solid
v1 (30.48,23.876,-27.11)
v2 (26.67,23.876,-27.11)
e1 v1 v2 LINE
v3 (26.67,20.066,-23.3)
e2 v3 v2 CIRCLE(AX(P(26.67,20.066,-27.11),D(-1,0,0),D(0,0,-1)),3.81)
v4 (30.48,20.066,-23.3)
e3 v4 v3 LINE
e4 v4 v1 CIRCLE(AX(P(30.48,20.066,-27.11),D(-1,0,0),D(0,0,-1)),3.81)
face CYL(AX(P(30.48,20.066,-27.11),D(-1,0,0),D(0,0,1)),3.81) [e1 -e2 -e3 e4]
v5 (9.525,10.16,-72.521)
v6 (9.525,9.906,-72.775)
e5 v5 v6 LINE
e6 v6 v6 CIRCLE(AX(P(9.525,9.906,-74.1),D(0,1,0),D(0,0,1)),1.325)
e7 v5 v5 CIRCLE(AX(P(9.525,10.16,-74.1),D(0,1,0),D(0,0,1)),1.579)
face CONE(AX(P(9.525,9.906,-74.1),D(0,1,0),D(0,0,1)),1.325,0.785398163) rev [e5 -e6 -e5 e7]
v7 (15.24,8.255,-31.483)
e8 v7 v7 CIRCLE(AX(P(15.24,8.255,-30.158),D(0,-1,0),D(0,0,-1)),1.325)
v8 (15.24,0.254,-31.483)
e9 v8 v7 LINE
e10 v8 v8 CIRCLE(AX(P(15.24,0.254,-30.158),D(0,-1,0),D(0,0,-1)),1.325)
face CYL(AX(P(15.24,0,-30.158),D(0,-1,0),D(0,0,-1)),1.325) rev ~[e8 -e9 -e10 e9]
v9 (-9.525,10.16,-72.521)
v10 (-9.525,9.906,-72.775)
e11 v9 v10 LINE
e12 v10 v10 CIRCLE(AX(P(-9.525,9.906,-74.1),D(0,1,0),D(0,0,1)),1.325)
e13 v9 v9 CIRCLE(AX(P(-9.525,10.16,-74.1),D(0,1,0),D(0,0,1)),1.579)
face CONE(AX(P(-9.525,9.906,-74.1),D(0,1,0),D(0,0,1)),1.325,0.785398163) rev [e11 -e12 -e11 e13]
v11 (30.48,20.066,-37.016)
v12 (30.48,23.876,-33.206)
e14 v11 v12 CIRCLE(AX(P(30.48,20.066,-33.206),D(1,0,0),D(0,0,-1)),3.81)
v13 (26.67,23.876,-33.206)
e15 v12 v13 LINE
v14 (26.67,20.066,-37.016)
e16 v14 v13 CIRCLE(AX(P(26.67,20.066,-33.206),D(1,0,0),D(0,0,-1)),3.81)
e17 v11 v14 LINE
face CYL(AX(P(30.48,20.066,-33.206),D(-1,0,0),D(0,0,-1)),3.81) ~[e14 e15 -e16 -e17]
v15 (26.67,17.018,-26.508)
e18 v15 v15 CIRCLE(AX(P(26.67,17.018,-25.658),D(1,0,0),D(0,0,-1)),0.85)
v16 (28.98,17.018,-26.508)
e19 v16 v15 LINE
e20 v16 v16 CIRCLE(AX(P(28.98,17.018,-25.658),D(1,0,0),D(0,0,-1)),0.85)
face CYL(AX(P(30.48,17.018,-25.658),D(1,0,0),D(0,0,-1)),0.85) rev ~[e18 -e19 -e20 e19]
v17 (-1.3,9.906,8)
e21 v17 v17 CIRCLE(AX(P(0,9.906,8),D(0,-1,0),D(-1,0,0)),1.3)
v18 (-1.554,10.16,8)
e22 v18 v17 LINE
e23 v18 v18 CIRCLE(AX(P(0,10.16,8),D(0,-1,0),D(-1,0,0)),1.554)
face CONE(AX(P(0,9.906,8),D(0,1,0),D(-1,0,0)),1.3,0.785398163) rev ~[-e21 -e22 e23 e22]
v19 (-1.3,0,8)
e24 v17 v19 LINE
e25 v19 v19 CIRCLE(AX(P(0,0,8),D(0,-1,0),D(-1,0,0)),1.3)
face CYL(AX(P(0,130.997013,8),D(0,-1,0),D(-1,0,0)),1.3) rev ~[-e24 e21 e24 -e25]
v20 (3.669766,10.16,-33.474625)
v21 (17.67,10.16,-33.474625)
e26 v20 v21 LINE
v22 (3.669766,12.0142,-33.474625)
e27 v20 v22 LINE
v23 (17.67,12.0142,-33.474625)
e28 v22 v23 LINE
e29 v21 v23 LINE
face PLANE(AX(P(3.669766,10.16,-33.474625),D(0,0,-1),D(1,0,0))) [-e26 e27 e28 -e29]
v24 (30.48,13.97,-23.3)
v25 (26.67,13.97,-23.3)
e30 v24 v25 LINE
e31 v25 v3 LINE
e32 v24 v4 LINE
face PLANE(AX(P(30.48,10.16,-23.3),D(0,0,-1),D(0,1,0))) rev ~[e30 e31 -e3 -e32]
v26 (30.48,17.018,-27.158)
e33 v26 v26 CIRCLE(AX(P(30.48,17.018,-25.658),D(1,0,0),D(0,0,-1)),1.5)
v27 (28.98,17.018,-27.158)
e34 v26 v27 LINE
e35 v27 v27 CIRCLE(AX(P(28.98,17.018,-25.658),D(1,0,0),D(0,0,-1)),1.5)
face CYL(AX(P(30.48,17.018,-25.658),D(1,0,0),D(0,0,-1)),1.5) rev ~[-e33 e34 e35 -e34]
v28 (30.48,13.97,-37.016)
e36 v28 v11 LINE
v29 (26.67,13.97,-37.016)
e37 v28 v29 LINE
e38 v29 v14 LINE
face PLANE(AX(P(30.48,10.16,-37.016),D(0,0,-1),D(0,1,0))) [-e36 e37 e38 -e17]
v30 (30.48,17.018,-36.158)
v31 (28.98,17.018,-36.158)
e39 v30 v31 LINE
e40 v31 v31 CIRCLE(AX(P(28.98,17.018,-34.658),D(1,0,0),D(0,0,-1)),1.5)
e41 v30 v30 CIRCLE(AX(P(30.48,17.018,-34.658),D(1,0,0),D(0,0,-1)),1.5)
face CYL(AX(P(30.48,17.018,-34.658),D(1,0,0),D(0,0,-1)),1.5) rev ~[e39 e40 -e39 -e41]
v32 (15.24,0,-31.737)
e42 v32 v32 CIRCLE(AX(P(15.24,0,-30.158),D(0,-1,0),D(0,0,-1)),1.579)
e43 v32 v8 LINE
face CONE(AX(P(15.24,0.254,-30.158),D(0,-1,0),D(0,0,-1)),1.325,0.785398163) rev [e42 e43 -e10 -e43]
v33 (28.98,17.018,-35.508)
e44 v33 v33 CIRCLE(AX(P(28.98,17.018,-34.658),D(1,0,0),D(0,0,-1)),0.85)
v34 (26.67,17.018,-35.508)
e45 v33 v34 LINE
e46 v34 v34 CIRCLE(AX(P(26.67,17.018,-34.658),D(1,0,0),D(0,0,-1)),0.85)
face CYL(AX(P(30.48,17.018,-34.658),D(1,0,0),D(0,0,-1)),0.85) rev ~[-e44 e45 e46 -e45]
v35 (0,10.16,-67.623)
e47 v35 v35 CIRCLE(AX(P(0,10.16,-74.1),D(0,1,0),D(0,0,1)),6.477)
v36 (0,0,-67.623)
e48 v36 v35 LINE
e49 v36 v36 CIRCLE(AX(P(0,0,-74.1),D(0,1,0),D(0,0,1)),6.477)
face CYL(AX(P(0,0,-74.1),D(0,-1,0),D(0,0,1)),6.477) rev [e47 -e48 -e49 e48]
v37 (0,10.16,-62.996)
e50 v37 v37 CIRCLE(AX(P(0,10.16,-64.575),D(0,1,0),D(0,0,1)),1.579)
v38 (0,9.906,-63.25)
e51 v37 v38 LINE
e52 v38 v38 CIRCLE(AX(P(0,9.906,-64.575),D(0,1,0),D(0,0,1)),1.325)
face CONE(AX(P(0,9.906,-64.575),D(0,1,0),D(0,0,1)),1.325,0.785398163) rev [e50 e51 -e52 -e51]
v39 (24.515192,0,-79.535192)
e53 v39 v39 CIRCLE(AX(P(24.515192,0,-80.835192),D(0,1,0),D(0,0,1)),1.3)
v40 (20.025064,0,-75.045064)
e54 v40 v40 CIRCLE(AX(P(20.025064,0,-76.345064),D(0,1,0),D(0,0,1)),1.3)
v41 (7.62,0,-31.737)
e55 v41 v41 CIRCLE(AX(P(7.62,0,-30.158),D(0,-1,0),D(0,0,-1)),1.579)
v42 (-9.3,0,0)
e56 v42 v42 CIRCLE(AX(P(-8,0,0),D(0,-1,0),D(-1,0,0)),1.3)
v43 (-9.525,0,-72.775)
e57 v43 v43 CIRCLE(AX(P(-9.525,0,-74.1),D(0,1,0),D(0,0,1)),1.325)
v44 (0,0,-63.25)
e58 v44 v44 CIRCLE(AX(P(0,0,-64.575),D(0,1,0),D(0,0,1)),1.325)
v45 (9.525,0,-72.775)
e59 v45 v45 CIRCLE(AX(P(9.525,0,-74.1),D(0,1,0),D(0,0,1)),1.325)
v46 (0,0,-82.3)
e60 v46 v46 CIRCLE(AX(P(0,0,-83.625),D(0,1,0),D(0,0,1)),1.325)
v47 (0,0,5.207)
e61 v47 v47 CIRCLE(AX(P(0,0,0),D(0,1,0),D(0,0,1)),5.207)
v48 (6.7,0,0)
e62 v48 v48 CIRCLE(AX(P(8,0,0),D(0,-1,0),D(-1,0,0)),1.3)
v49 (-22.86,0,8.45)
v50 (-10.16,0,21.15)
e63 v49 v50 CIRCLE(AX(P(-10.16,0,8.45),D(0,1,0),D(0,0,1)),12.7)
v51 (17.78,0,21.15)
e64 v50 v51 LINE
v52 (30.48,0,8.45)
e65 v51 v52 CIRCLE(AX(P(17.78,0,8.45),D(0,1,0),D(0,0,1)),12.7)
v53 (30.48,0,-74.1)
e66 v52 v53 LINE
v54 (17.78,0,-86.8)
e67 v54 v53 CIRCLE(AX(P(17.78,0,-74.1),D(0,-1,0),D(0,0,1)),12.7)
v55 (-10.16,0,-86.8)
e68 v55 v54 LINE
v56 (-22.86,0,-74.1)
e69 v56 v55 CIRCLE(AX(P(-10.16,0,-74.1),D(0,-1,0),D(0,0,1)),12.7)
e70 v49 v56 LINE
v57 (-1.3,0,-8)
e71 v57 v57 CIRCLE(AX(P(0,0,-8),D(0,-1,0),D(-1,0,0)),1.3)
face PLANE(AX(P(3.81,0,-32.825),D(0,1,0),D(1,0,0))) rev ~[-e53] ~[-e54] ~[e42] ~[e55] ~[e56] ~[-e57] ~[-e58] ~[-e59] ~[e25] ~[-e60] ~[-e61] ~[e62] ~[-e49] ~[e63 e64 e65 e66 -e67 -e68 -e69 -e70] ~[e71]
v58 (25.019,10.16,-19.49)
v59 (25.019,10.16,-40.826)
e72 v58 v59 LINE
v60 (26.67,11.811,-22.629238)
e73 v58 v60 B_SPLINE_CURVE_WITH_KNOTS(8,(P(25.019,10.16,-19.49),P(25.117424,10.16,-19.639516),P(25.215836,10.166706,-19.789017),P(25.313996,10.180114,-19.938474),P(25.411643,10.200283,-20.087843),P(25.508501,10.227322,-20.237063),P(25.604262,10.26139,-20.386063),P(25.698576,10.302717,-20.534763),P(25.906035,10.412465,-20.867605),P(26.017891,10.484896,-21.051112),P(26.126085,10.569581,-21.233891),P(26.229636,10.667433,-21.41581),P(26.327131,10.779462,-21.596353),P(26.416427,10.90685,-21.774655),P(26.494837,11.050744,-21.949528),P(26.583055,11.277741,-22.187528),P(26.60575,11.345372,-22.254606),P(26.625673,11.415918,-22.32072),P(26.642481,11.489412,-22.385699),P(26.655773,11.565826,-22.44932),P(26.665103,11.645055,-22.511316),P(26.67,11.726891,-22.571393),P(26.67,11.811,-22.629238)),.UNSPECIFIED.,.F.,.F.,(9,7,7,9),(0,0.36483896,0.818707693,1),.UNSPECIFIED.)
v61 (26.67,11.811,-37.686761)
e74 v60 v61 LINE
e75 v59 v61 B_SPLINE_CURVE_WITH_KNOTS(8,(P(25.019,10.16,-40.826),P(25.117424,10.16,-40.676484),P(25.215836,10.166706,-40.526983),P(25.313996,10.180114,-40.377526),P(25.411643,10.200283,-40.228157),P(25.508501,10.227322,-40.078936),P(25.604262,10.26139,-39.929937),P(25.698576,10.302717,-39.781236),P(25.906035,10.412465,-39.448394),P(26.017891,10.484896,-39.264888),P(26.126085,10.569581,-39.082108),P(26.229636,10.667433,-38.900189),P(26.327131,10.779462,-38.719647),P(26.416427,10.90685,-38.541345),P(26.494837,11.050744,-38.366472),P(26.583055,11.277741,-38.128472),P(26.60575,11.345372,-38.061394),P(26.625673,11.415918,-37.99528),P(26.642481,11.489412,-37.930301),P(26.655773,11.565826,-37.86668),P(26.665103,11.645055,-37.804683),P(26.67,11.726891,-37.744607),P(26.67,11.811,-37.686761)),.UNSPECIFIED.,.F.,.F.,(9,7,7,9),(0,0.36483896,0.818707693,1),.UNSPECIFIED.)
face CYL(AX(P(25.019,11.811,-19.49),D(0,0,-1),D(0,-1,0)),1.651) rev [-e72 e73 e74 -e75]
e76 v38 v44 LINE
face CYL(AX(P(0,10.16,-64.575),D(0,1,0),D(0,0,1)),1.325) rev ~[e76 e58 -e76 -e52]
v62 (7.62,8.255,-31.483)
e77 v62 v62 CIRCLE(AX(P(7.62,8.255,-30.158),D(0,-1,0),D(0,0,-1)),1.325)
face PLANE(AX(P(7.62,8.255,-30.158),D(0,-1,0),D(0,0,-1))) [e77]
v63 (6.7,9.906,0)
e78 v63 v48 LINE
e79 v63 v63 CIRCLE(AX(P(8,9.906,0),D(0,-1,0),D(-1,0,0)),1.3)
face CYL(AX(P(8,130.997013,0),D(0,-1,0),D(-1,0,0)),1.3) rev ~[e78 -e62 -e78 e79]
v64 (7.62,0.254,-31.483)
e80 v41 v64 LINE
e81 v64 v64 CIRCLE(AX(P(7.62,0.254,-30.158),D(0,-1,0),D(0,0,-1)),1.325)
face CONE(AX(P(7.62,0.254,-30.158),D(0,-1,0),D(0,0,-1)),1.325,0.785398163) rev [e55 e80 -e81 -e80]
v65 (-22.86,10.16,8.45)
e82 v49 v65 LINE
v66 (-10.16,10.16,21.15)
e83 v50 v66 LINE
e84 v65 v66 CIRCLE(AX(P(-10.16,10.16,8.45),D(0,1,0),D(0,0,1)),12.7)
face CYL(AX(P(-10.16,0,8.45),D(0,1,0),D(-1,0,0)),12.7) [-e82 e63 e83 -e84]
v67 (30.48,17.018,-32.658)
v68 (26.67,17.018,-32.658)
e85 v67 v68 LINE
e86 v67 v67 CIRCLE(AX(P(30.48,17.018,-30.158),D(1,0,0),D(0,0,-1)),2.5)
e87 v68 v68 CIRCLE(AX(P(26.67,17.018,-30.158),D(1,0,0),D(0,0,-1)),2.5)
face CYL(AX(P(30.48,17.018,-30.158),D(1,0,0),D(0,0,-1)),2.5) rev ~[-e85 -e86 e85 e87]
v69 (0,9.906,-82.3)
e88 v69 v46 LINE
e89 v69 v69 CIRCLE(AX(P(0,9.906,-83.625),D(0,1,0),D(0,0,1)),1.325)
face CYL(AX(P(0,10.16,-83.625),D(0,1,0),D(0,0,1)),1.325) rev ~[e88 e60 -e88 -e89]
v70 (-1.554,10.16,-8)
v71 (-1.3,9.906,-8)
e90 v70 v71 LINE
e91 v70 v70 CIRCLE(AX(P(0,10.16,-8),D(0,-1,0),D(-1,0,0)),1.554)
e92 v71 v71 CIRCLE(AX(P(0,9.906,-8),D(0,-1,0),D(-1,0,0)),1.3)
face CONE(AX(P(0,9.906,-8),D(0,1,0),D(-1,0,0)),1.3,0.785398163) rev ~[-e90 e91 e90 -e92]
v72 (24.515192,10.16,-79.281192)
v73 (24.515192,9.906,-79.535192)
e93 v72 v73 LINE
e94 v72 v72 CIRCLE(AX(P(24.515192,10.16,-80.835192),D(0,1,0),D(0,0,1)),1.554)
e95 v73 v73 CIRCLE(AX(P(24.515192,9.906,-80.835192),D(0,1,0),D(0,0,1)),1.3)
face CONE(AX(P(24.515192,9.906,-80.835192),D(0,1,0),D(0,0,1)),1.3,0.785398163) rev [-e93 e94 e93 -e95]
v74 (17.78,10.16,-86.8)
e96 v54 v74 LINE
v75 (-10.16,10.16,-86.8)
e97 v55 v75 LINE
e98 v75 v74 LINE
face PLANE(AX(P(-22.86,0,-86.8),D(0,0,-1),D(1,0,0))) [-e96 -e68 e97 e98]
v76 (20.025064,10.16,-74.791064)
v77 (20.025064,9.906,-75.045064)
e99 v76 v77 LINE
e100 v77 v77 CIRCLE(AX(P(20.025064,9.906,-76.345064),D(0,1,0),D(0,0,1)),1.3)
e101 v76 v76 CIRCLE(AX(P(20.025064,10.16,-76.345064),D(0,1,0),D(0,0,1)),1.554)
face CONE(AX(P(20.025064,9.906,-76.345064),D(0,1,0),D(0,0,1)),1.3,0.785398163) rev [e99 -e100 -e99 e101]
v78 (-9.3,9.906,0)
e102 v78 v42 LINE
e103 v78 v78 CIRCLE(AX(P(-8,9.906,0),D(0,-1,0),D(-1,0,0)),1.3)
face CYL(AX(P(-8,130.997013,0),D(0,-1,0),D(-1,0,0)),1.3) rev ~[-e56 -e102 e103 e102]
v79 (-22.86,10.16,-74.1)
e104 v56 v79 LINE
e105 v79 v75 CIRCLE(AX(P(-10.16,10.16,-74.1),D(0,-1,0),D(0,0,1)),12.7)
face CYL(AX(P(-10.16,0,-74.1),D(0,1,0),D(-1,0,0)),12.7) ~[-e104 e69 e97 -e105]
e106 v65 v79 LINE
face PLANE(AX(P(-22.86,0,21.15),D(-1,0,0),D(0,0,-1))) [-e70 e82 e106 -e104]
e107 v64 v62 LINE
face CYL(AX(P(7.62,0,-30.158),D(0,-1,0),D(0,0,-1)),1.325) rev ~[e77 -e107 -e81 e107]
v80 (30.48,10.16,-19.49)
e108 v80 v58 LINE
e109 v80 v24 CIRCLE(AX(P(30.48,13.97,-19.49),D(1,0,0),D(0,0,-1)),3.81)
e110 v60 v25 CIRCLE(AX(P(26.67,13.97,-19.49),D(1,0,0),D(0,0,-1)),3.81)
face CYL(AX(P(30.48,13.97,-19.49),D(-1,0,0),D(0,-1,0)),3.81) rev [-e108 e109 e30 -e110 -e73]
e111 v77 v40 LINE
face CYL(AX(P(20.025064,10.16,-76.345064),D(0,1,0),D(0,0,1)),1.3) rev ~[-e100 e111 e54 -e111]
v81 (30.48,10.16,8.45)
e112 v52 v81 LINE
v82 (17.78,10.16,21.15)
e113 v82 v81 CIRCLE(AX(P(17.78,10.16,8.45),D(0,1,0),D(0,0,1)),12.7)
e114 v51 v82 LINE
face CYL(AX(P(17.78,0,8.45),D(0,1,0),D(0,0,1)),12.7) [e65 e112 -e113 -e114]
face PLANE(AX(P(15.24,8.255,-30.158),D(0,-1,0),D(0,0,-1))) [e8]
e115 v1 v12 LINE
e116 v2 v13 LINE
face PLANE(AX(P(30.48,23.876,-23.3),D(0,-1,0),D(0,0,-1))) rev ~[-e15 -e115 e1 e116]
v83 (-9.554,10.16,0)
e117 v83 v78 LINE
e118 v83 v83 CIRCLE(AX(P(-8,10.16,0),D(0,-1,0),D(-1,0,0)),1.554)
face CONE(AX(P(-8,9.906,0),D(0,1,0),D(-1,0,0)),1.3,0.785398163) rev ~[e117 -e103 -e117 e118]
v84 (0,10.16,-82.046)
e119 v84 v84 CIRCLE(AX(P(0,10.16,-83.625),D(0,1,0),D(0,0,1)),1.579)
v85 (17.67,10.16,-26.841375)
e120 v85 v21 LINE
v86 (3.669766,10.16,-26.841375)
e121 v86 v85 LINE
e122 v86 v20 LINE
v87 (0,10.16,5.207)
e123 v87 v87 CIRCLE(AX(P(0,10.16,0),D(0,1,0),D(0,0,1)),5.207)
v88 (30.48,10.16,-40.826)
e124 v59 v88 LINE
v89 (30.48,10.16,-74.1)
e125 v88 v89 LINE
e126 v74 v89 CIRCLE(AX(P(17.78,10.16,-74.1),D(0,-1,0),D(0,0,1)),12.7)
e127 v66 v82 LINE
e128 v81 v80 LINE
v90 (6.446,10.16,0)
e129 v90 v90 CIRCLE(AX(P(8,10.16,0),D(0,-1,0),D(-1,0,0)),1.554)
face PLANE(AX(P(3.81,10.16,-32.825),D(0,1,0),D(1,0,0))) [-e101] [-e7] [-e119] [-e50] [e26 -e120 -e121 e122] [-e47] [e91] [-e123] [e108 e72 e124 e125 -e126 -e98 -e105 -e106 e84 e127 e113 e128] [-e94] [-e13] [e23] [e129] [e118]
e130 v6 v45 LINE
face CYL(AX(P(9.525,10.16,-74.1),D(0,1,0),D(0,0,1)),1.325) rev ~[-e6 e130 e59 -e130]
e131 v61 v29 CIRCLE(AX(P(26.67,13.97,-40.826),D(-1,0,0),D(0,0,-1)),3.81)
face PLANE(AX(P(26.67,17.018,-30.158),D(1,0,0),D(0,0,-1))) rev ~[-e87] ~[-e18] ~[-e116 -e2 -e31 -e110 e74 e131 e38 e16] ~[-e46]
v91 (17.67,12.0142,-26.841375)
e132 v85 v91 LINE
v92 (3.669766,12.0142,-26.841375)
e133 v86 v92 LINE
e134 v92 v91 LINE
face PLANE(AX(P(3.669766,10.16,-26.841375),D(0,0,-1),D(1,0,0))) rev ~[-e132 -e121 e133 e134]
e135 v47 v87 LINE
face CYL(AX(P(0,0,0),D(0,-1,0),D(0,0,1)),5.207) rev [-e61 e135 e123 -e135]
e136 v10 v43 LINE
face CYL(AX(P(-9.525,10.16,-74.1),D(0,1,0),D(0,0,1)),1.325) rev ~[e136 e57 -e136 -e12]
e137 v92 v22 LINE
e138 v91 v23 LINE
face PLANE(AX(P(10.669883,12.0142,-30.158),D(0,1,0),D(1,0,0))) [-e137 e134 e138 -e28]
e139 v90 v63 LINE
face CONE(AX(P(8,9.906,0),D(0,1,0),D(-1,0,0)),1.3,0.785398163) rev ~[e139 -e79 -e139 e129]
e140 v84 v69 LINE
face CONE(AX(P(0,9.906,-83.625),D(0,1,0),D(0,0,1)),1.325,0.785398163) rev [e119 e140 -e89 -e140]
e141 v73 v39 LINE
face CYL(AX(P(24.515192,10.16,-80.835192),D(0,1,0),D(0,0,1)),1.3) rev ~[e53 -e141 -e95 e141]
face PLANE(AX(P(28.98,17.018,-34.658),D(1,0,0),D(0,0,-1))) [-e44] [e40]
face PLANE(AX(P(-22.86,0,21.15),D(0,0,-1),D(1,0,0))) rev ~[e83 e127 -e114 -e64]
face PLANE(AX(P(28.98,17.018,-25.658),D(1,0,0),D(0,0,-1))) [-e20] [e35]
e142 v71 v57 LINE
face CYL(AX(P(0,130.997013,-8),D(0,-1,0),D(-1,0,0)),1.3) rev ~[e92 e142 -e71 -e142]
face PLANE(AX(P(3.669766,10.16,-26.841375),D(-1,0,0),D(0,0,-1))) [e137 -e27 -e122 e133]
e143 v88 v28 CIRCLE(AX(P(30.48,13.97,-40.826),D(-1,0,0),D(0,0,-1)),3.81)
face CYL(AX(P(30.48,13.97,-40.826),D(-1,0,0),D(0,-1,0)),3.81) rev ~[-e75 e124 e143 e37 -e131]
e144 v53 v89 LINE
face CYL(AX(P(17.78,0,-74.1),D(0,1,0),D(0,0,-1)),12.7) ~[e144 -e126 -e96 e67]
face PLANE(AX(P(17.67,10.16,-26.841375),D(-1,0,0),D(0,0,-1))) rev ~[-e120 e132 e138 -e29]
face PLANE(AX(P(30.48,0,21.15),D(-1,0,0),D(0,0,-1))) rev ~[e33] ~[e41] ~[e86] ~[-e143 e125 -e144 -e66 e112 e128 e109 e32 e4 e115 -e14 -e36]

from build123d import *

# Parameters (mm, degrees)
SKETCH2_W                  = 53.34
SKETCH2_H                  = 107.950000118
SKETCH2_R                  = 5.207
SKETCH2_R_2                = 6.477
BOSS_EXTRUDE2_DEPTH        = 10.16
SKETCH14_R                 = 1.325
CUT_EXTRUDE5_DEPTH         = 93.555367213
CHAMFER2_SIZE              = 0.254
F_2_6_2_6_DIAMETER_HOLE1_D = 2.6
SKETCH5_W                  = 13.716
SKETCH5_H                  = 13.716
SKETCH5_R                  = 0.85
SKETCH5_R_2                = 2.5
BOSS_EXTRUDE3_DEPTH        = 3.81
SKETCH6_R                  = 1.5
CUT_EXTRUDE1_DEPTH         = 1.5
SKETCH7_W                  = 14.000233874
SKETCH7_H                  = 6.633249624
BOSS_EXTRUDE4_DEPTH        = 1.8542
FILLET1_R                  = 12.7
FILLET2_R                  = 3.81
FILLET3_R                  = 1.651
SKETCH13_R                 = 1.3
CUT_EXTRUDE4_DEPTH         = 94.012897289
CHAMFER3_SIZE              = 0.254
CHAMFER1_SIZE              = 0.254
SKETCH16_R                 = 1.325
CUT_EXTRUDE6_DEPTH         = 8.255
CHAMFER4_SIZE              = 0.254


with BuildPart() as part:
    # Sketch2 → Boss-Extrude2 (new body)
    with BuildSketch(Plane(origin=(0, 0, 0), x_dir=(1, 0, 0), z_dir=(0, 1, 0))):
        with Locations((3.81, 32.824999941)):
            Rectangle(SKETCH2_W, SKETCH2_H)
        with Locations(Location((0, 0, 0), (0, 0, 270))):
            Circle(SKETCH2_R, mode=Mode.SUBTRACT)
        with Locations(Location((0, 74.1, 0), (0, 0, 270))):
            Circle(SKETCH2_R_2, mode=Mode.SUBTRACT)
    extrude(amount=BOSS_EXTRUDE2_DEPTH)

    # Sketch14 → Cut-Extrude5 (cut, through all)
    with BuildSketch(Plane(origin=(0, 10.16, 0), x_dir=(1, 0, 0), z_dir=(0, 1, 0))):
        with Locations(Location((0, 83.625, 0), (0, 0, 270))):
            Circle(SKETCH14_R)
        with Locations(Location((-9.525, 74.1, 0), (0, 0, 270))):
            Circle(SKETCH14_R)
        with Locations(Location((9.525, 74.1, 0), (0, 0, 270))):
            Circle(SKETCH14_R)
        with Locations(Location((0, 64.575, 0), (0, 0, 270))):
            Circle(SKETCH14_R)
    extrude(amount=-CUT_EXTRUDE5_DEPTH, mode=Mode.SUBTRACT)

    # Chamfer2
    chamfer2_edges = [part.edges().sort_by_distance(p)[0] for p in [
        (0, 10.16, -84.95),
        (-9.525, 10.16, -75.425),
        (9.525, 10.16, -75.425),
        (0, 10.16, -65.9),
    ]]
    chamfer(chamfer2_edges, length=CHAMFER2_SIZE)

    # Ø2.6 (2.6) Diameter Hole1 (through all)
    with Locations(Plane(origin=(0, 10.16, 0), x_dir=(1, 0, 0), z_dir=(0, 1, 0))):
        with Locations((-8, 0), (0, 8), (8, 0), (0, -8)):
            Hole(F_2_6_2_6_DIAMETER_HOLE1_D / 2)

    # Sketch5 → Boss-Extrude3 (add)
    with BuildSketch(Plane(origin=(30.48, 0, 0), x_dir=(0, 0, -1), z_dir=(1, 0, 0))):
        with Locations((30.157999882, 17.018)):
            Rectangle(SKETCH5_W, SKETCH5_H)
        with Locations((25.657999882, 17.018)):
            Circle(SKETCH5_R, mode=Mode.SUBTRACT)
        with Locations((34.657999882, 17.018)):
            Circle(SKETCH5_R, mode=Mode.SUBTRACT)
        with Locations((30.157999882, 17.018)):
            Circle(SKETCH5_R_2, mode=Mode.SUBTRACT)
    extrude(amount=-BOSS_EXTRUDE3_DEPTH)

    # Sketch6 → Cut-Extrude1 (cut)
    with BuildSketch(Plane(origin=(30.48, 0, 0), x_dir=(0, 0, -1), z_dir=(1, 0, 0))):
        with Locations((25.657999882, 17.018)):
            Circle(SKETCH6_R)
        with Locations((34.657999882, 17.018)):
            Circle(SKETCH6_R)
    extrude(amount=-CUT_EXTRUDE1_DEPTH, mode=Mode.SUBTRACT)

    # Sketch7 → Boss-Extrude4 (add)
    with BuildSketch(Plane(origin=(0, 10.16, 0), x_dir=(1, 0, 0), z_dir=(0, 1, 0))):
        with Locations((10.669883029, 30.157999882)):
            Rectangle(SKETCH7_W, SKETCH7_H)
    extrude(amount=BOSS_EXTRUDE4_DEPTH)

    # Fillet1
    fillet1_edges = [part.edges().sort_by_distance(p)[0] for p in [
        (-22.86, 5.08, -86.8),
        (30.48, 5.08, -86.8),
        (30.48, 5.08, 21.150000118),
        (-22.86, 5.08, 21.150000118),
    ]]
    fillet(fillet1_edges, radius=FILLET1_R)

    # Fillet2
    fillet2_edges = [part.edges().sort_by_distance(p)[0] for p in [
        (28.575, 10.16, -23.299999882),
        (28.575, 23.876, -23.299999882),
        (28.575, 23.876, -37.015999882),
        (28.575, 10.16, -37.015999882),
    ]]
    fillet(fillet2_edges, radius=FILLET2_R)

    # Fillet3
    fillet3_edges = [part.edges().sort_by_distance(p)[0] for p in [
        (26.67, 10.16, -30.157999882),
    ]]
    fillet(fillet3_edges, radius=FILLET3_R)

    # Sketch13 → Cut-Extrude4 (cut, through all)
    with BuildSketch(Plane(origin=(0, 10.16, 0), x_dir=(1, 0, 0), z_dir=(0, 1, 0))):
        with Locations(Location((24.515192091, 80.835192091, 0), (0, 0, 270))):
            Circle(SKETCH13_R)
        with Locations(Location((20.02506403, 76.34506403, 0), (0, 0, 270))):
            Circle(SKETCH13_R)
    extrude(amount=-CUT_EXTRUDE4_DEPTH, mode=Mode.SUBTRACT)

    # Chamfer3
    chamfer3_edges = [part.edges().sort_by_distance(p)[0] for p in [
        (24.515192091, 10.16, -82.135192091),
        (20.02506403, 10.16, -77.64506403),
    ]]
    chamfer(chamfer3_edges, length=CHAMFER3_SIZE)

    # Chamfer1
    chamfer1_edges = [part.edges().sort_by_distance(p)[0] for p in [
        (-6.7, 10.16, 0),
        (1.3, 10.16, 8),
        (9.3, 10.16, 0),
        (1.3, 10.16, -8),
    ]]
    chamfer(chamfer1_edges, length=CHAMFER1_SIZE)

    # Sketch16 → Cut-Extrude6 (cut)
    with BuildSketch(Plane.XZ):
        with Locations(Location((15.24, -30.157999882, 0), (0, 0, 270))):
            Circle(SKETCH16_R)
        with Locations(Location((7.62, -30.157999882, 0), (0, 0, 270))):
            Circle(SKETCH16_R)
    extrude(amount=-CUT_EXTRUDE6_DEPTH, mode=Mode.SUBTRACT)

    # Chamfer4
    chamfer4_edges = [part.edges().sort_by_distance(p)[0] for p in [
        (15.24, 0, -28.832999882),
        (7.62, 0, -28.832999882),
    ]]
    chamfer(chamfer4_edges, length=CHAMFER4_SIZE)


solid = part.part
